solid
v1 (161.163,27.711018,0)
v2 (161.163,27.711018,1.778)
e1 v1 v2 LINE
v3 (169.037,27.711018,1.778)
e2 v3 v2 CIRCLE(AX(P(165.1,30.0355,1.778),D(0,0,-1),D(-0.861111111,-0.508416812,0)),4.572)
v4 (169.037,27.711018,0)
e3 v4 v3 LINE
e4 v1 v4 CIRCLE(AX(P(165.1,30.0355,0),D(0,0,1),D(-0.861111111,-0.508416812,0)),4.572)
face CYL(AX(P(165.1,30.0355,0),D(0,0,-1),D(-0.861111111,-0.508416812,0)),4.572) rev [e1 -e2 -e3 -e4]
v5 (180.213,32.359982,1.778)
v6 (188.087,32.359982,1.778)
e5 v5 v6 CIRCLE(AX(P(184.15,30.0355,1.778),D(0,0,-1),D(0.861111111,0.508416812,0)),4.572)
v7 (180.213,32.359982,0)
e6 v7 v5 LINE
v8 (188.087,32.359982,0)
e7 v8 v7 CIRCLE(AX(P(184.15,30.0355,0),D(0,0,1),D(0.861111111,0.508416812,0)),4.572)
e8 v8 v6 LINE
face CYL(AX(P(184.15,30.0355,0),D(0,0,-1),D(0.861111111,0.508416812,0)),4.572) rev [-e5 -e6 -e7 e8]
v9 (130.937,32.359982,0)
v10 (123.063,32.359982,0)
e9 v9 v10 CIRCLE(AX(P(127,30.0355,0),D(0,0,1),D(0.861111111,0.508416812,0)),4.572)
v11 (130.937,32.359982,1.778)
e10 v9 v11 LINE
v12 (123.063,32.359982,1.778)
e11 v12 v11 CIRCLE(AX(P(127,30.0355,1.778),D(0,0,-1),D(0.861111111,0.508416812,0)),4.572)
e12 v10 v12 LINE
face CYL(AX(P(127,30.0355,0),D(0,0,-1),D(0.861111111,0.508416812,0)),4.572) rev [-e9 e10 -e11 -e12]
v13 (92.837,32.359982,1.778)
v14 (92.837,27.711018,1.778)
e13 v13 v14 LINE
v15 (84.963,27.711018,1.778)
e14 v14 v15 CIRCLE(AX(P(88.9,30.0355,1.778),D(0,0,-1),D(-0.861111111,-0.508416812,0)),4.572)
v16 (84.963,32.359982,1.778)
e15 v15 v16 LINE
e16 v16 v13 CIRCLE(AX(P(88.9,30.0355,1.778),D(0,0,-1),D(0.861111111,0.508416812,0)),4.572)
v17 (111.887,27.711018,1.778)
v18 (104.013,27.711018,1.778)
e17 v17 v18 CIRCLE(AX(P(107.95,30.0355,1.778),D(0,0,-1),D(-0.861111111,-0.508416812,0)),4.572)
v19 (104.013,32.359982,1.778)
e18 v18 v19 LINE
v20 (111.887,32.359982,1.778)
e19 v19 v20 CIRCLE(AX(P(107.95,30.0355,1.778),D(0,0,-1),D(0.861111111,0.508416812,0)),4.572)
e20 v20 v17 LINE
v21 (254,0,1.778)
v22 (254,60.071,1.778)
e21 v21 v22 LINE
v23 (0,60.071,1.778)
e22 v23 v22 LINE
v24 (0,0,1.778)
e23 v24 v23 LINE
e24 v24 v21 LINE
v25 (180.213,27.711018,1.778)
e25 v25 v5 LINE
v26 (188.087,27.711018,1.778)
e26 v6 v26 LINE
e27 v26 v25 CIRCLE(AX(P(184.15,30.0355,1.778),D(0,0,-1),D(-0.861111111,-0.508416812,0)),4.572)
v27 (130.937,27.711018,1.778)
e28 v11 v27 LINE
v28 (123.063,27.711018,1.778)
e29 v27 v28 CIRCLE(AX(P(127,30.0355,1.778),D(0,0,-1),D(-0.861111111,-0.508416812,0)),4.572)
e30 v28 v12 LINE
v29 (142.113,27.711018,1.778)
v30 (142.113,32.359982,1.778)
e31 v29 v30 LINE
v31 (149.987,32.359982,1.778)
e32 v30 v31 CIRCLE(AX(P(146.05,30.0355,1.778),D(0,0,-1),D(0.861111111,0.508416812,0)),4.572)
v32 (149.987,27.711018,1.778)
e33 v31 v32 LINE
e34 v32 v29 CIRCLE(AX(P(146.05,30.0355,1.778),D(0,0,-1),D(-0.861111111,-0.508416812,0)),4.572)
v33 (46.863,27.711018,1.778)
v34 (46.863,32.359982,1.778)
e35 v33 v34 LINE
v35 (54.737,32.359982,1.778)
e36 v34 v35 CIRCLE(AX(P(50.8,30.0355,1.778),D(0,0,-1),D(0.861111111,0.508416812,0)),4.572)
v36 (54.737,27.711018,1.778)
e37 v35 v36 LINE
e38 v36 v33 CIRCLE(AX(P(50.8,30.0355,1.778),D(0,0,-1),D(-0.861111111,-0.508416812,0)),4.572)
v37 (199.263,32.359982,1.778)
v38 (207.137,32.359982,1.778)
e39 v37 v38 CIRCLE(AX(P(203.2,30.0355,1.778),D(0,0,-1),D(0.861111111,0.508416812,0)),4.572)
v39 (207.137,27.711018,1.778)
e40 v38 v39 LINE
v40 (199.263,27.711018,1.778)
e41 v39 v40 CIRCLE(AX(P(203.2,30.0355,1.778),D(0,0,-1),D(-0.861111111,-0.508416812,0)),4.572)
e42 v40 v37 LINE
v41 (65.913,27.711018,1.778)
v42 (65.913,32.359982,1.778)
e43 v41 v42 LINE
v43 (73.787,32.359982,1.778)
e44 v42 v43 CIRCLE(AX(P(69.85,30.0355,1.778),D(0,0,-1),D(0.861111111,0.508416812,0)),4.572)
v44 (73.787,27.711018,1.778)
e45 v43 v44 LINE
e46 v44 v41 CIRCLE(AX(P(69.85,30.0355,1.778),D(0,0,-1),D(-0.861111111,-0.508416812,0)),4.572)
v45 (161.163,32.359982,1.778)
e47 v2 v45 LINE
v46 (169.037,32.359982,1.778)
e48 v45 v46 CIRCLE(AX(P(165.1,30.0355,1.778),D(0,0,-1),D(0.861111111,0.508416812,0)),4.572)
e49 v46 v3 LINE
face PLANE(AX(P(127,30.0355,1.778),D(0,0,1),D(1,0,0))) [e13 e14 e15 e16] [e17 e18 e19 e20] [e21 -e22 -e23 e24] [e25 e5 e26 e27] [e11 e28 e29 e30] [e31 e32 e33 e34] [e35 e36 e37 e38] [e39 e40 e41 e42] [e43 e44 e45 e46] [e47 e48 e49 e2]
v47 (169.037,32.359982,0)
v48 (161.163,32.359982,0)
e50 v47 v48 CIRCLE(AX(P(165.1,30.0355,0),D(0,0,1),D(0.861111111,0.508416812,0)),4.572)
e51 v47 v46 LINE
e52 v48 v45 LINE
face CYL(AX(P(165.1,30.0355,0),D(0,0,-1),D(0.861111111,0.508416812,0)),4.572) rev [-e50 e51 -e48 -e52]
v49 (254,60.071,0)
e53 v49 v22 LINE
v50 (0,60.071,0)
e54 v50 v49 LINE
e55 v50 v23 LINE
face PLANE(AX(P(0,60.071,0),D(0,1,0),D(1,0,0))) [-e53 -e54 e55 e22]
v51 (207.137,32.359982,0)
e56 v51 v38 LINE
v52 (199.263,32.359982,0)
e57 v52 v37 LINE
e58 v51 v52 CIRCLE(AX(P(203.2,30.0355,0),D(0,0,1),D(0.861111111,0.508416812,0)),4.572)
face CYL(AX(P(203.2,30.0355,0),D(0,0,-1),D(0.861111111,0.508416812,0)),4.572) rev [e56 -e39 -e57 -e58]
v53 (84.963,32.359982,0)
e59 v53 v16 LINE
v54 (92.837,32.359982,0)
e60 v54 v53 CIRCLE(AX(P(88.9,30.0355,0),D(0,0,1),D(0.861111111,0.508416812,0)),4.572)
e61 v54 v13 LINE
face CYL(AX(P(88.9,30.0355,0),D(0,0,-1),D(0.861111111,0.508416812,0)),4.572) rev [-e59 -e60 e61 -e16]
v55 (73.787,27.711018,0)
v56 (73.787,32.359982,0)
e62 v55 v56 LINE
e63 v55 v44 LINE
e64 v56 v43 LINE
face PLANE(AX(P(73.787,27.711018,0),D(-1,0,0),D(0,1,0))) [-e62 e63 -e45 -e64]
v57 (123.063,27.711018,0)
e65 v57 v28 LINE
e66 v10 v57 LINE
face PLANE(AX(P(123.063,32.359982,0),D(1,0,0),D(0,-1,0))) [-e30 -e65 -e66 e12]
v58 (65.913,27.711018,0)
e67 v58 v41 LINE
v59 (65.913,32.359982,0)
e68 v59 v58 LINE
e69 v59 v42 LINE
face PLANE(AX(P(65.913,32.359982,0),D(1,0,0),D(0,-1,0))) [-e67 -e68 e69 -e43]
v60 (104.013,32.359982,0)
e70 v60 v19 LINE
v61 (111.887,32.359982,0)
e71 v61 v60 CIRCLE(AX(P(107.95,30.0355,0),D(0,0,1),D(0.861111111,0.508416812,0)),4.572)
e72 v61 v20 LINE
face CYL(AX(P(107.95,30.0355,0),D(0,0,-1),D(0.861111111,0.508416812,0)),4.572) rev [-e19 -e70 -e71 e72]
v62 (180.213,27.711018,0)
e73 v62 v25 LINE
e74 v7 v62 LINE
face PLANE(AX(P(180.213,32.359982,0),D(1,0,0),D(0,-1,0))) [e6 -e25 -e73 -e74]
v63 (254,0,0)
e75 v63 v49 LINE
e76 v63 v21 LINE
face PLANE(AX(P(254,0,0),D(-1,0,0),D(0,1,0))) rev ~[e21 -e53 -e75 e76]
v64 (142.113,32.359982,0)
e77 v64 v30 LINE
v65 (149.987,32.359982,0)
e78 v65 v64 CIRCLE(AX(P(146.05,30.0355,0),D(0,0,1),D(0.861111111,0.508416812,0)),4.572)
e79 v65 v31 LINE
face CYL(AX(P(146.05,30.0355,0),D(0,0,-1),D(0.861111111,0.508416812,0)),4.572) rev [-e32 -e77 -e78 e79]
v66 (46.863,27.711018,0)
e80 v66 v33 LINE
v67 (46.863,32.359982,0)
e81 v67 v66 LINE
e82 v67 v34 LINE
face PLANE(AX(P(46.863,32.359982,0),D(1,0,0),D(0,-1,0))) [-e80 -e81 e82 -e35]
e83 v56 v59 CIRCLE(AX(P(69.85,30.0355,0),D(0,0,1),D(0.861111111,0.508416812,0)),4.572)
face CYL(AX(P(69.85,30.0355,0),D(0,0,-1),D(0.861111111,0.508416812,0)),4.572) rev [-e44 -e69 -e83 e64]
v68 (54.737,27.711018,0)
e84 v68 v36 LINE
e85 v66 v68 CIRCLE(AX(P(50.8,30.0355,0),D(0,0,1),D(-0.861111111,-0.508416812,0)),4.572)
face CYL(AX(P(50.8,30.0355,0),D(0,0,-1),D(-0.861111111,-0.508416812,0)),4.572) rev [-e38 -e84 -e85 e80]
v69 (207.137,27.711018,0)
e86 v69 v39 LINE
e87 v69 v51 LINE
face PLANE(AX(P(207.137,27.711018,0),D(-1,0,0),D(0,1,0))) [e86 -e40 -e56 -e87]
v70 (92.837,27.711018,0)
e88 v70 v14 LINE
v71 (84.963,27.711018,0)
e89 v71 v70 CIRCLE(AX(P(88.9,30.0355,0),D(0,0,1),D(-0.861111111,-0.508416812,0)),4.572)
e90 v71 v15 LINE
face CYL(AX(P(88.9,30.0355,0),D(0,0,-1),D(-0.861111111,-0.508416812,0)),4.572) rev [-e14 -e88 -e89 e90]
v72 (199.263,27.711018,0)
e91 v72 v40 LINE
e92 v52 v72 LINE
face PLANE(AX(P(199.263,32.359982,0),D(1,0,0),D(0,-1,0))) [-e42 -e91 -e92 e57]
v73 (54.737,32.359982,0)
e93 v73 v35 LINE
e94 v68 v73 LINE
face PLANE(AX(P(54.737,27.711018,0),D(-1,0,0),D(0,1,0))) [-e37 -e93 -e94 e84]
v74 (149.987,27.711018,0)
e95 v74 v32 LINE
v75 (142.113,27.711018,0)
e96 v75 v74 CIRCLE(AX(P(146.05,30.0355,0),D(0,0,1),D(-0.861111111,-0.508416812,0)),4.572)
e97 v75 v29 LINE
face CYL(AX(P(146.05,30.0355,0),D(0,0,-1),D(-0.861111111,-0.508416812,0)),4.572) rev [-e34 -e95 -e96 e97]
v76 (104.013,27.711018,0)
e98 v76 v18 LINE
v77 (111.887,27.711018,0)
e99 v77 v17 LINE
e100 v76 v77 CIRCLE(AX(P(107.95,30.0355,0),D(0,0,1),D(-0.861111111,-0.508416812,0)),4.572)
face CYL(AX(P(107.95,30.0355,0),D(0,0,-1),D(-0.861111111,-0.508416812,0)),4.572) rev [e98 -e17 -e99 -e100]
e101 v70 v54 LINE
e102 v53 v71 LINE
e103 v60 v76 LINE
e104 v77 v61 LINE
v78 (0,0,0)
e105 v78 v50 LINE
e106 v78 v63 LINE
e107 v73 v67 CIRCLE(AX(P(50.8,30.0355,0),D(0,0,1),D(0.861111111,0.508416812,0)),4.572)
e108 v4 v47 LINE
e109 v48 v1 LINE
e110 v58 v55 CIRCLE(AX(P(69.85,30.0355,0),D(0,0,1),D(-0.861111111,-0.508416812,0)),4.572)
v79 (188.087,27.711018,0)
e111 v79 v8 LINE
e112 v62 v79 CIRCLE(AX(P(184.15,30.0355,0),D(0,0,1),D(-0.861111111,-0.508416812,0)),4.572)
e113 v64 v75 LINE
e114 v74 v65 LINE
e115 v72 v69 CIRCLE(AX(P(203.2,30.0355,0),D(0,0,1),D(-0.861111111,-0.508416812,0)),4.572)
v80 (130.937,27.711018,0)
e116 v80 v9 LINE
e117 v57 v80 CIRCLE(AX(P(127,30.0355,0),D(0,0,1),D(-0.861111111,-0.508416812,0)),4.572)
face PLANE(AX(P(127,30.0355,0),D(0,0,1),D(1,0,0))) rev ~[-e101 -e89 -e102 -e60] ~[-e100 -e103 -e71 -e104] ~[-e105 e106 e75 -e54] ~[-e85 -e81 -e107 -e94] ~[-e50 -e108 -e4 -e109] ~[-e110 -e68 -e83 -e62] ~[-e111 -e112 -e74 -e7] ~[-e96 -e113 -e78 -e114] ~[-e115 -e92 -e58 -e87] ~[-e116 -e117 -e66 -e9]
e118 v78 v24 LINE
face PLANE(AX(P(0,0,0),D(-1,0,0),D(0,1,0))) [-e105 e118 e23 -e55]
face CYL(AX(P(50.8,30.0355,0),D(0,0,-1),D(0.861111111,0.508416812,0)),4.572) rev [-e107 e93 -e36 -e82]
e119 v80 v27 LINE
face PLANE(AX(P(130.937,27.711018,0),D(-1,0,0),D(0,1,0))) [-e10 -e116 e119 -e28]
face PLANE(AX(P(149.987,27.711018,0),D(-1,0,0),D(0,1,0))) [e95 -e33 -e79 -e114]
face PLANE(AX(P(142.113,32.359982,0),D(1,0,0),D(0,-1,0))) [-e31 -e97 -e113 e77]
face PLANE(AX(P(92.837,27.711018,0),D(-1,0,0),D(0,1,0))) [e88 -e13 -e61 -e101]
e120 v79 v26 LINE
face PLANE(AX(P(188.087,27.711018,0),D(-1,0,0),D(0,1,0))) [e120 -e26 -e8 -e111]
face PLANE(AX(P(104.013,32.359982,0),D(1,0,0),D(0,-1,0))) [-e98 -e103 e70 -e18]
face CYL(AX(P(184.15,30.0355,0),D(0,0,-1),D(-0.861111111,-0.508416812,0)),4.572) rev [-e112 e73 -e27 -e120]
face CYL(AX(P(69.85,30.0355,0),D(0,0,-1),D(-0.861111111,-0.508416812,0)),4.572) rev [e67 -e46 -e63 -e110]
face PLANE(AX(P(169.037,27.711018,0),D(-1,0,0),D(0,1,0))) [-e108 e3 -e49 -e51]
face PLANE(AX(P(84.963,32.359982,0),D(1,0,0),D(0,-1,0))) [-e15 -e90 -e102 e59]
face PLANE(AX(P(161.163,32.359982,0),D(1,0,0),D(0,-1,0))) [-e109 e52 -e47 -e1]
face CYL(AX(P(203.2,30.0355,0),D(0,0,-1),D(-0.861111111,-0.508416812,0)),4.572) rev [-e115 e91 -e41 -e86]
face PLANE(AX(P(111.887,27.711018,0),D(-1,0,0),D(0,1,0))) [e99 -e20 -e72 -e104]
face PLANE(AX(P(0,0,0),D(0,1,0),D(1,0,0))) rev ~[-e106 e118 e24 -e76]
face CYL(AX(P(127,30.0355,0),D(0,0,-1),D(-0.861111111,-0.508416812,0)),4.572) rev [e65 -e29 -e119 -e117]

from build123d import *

# Parameters (mm, degrees)
SKETCH1_W           = 254
SKETCH1_H           = 60.071
BOSS_EXTRUDE1_DEPTH = 1.778
CUT_EXTRUDE2_DEPTH  = 2.778
LPATTERN1_COUNT     = 9
LPATTERN1_PITCH     = 19.05


with BuildPart() as part:
    # Sketch1 → Boss-Extrude1 (new body)
    with BuildSketch(Plane.XY):
        with Locations((127, 30.0355)):
            Rectangle(SKETCH1_W, SKETCH1_H)
    extrude(amount=BOSS_EXTRUDE1_DEPTH)

    # Sketch1<3> → Cut-Extrude2 (cut, through all)
    with BuildSketch(Plane.XY):
        with BuildLine():
            Line((46.863, 32.359981663), (46.863, 27.711018337))
            ThreePointArc((46.863, 27.711018337), (50.8, 25.4635), (54.737, 27.711018337))
            Line((54.737, 27.711018337), (54.737, 32.359981663))
            ThreePointArc((54.737, 32.359981663), (50.8, 34.6075), (46.863, 32.359981663))
        make_face()
    cut_extrude2 = extrude(amount=CUT_EXTRUDE2_DEPTH, mode=Mode.SUBTRACT)

    # LPattern1: Cut-Extrude2 ×9
    with Locations(*[(i * LPATTERN1_PITCH, 0, 0) for i in range(1, LPATTERN1_COUNT)]):
        add(cut_extrude2, mode=Mode.SUBTRACT)


solid = part.part
